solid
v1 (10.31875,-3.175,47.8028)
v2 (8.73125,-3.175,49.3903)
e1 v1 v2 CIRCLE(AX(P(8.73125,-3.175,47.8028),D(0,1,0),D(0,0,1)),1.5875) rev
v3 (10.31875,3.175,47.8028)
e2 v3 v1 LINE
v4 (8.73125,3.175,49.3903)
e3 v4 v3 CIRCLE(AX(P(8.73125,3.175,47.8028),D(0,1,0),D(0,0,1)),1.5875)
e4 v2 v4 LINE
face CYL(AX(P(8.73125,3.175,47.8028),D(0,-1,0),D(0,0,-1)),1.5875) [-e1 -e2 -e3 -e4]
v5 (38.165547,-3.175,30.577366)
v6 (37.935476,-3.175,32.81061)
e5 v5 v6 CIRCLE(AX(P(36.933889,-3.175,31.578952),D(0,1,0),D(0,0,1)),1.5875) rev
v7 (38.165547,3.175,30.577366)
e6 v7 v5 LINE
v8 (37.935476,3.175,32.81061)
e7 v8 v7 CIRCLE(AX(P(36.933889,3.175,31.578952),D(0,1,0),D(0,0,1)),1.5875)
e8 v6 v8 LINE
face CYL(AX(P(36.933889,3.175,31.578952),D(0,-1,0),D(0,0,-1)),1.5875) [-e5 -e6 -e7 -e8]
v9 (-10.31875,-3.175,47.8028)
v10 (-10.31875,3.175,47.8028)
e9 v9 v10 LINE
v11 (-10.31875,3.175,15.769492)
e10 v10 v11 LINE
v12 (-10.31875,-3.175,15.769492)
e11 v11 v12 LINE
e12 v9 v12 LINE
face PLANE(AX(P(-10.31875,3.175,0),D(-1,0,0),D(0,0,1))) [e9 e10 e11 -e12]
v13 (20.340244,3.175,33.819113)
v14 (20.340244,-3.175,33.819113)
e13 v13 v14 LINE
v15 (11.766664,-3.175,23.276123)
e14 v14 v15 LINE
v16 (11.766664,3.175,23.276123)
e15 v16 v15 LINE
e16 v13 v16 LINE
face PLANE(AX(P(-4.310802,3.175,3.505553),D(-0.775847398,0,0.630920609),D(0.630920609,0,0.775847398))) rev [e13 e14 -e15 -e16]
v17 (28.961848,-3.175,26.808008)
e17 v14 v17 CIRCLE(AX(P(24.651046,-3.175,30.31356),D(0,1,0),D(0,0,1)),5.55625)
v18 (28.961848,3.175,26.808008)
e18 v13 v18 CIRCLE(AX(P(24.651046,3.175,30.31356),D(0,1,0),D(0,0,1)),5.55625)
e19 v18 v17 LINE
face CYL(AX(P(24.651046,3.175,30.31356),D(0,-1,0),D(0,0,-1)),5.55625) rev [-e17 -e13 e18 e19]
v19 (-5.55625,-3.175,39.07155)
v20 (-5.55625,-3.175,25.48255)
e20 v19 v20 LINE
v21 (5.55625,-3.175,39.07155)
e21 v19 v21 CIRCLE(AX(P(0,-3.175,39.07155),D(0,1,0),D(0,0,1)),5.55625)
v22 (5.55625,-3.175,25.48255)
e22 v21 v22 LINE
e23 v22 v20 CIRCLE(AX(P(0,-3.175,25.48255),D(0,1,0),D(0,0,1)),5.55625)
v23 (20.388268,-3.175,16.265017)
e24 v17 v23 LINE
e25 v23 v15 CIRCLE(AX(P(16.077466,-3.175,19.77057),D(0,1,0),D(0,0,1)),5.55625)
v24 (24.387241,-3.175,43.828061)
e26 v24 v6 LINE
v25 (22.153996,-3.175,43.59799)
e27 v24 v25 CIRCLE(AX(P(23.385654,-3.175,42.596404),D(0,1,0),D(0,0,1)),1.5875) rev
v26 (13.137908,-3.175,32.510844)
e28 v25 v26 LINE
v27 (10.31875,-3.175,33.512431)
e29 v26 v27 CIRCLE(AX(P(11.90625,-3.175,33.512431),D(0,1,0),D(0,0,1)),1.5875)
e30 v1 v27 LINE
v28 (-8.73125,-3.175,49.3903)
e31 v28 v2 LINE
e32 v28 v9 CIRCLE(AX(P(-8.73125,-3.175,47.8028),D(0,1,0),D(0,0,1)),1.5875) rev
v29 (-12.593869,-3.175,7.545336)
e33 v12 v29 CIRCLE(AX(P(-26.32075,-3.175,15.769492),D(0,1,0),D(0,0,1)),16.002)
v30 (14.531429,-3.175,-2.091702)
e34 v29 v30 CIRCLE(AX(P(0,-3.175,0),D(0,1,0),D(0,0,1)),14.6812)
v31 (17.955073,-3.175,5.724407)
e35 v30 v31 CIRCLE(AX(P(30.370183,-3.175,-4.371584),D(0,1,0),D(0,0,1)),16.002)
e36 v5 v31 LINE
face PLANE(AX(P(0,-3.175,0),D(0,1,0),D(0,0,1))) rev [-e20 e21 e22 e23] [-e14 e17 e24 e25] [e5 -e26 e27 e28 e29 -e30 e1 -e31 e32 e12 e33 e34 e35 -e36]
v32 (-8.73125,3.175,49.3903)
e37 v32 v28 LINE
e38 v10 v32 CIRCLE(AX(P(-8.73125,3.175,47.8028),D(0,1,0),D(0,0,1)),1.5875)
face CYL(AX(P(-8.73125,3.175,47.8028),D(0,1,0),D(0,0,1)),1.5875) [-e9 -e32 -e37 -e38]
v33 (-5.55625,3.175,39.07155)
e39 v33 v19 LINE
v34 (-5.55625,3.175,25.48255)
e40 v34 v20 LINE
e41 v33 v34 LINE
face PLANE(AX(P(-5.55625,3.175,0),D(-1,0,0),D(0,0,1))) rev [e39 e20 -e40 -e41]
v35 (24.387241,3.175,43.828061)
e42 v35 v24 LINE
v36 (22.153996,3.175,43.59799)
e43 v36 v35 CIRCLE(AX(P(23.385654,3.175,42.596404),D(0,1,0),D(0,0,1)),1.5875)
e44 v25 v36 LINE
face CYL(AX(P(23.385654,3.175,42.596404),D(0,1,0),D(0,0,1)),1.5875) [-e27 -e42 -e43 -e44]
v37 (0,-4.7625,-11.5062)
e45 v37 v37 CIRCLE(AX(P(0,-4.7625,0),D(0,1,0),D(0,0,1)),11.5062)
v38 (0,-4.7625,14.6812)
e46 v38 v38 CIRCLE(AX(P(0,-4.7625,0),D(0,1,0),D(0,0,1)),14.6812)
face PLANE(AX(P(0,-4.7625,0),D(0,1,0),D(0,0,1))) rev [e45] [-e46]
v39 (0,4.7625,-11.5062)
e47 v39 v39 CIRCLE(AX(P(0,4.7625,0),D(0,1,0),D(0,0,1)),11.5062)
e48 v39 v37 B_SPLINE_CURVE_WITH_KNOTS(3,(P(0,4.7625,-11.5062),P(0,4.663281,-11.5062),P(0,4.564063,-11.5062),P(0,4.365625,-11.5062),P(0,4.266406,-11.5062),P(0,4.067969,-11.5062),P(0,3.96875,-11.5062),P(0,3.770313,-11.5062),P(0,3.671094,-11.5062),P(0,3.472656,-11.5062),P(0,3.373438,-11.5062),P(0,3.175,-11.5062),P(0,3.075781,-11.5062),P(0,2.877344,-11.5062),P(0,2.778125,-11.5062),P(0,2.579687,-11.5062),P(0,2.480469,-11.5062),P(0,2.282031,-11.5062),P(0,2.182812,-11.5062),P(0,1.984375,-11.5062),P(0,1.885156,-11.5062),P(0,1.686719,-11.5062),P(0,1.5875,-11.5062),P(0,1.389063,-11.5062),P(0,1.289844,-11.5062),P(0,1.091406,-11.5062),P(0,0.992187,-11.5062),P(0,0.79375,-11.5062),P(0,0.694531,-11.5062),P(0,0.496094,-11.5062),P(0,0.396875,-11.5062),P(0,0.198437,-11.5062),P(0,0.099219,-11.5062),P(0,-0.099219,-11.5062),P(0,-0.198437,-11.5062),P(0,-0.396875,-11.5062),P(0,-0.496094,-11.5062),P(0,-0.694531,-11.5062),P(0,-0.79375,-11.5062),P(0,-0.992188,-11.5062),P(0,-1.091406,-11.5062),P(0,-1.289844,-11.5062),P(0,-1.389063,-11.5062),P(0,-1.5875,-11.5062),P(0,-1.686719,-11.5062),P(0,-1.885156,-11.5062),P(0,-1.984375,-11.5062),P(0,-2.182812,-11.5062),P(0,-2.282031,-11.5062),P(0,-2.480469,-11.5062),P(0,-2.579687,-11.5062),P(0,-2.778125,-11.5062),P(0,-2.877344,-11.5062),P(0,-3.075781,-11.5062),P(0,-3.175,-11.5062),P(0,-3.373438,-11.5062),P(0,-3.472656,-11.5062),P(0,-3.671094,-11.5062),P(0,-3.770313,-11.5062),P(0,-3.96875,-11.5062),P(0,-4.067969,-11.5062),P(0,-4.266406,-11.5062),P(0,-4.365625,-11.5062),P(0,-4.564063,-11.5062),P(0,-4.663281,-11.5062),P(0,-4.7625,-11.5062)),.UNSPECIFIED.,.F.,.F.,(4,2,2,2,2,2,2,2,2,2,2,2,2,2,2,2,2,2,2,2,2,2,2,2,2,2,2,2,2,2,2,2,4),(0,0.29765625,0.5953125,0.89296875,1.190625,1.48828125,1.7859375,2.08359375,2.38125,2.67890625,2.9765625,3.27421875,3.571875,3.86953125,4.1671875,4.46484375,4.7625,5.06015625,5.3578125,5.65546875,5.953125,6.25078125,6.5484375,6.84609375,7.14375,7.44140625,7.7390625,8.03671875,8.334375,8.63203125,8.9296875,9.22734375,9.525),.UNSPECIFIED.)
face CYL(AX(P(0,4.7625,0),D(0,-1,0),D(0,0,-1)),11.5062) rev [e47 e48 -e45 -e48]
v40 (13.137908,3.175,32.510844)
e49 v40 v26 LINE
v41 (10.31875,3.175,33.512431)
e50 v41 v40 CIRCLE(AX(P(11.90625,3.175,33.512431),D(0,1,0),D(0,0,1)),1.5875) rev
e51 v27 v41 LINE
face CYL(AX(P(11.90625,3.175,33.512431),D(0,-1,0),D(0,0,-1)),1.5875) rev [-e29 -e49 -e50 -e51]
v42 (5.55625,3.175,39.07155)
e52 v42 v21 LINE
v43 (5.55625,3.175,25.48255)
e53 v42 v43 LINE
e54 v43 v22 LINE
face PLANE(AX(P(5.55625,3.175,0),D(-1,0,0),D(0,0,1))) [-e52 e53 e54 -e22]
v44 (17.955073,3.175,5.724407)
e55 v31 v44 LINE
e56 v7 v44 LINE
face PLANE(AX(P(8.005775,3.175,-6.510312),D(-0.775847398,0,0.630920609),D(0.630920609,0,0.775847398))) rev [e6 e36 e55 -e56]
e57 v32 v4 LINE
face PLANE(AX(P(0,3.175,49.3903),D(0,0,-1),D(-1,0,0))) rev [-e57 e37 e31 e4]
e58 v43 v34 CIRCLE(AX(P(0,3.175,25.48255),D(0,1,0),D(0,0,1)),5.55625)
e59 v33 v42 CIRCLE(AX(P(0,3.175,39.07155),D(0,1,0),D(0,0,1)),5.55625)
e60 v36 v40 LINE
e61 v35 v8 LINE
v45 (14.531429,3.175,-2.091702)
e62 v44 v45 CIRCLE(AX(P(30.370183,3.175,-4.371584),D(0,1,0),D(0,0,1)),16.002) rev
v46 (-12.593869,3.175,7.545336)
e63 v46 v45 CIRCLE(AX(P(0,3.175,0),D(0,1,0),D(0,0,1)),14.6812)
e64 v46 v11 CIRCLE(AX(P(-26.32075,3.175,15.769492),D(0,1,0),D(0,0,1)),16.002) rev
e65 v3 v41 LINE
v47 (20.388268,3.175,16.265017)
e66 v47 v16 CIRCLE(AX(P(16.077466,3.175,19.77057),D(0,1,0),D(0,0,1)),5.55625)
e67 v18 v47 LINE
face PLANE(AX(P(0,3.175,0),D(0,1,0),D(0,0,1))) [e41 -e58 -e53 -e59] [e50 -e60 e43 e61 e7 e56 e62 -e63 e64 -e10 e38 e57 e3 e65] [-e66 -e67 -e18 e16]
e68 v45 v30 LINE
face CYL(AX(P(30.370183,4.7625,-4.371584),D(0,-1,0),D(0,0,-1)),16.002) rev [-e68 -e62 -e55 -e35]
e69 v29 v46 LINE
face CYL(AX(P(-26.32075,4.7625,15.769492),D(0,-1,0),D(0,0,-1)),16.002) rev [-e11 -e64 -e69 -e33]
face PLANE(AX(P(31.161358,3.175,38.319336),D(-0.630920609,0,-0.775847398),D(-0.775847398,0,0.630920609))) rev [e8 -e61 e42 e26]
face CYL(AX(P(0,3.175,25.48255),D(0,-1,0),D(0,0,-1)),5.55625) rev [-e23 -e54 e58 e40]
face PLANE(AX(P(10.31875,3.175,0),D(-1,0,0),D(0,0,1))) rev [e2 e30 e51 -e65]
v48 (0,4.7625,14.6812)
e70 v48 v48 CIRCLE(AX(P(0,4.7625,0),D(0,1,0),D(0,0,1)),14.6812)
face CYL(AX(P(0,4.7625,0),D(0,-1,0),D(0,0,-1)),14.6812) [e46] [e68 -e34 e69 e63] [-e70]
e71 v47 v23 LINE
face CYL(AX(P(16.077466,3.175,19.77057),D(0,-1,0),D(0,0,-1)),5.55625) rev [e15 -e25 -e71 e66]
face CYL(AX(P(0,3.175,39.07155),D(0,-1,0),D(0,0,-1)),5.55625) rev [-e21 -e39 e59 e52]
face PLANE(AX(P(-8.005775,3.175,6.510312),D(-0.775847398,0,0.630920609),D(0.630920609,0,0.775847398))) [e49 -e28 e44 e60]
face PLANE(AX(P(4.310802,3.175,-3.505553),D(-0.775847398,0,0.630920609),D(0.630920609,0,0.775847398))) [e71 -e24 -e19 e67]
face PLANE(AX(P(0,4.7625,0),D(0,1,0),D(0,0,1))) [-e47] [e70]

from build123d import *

# Parameters (mm, degrees)
SKETCH1_R                      = 14.6812
SKETCH1_R_2                    = 11.5062
BEARING_INSERT_EXTRUDE_DEPTH   = 4.7625
APEX_SLOT_INSERT_EXTRUDE_DEPTH = 3.175
FILLET1_R                      = 16.002
FILLET2_R                      = 1.5875


with BuildPart() as part:
    # Sketch1 → Bearing_Insert_Extrude (new, symmetric)
    with BuildSketch(Plane(origin=(0, 0, 0), x_dir=(1, 0, 0), z_dir=(0, 1, 0))):
        with Locations(Location((0, 0, 0), (0, 0, 90))):
            Circle(SKETCH1_R)
        with Locations(Location((0, 0, 0), (0, 0, 90))):
            Circle(SKETCH1_R_2, mode=Mode.SUBTRACT)
    extrude(amount=BEARING_INSERT_EXTRUDE_DEPTH, both=True)

    # Sketch1<4> → Apex_Slot_Insert_Extrude (add, symmetric)
    with BuildSketch(Plane(origin=(0, 0, 0), x_dir=(1, 0, 0), z_dir=(0, 1, 0))):
        with BuildLine():
            Line((-10.31875, -10.443228997), (-10.31875, -49.3903))
            Line((-10.31875, -49.3903), (10.31875, -49.3903))
            Line((10.31875, -49.3903), (10.31875, -29.044106442))
            Line((10.31875, -29.044106442), (23.155582838, -44.829647769))
            Line((23.155582838, -44.829647769), (39.16713351, -31.809023692))
            Line((39.16713351, -31.809023692), (14.594623738, -1.592040003))
            ThreePointArc((14.594623738, -1.592040003), (4.914942594, -13.834051205), (-10.31875, -10.443228997))
        make_face()
        with BuildLine():
            ThreePointArc((5.55625, -39.07155), (0, -44.6278), (-5.55625, -39.07155))
            Line((-5.55625, -39.07155), (-5.55625, -25.48255))
            ThreePointArc((-5.55625, -25.48255), (0, -19.9263), (5.55625, -25.48255))
            Line((5.55625, -25.48255), (5.55625, -39.07155))
        make_face(mode=Mode.SUBTRACT)
        with BuildLine():
            ThreePointArc((28.96184824, -26.808007759), (28.156598772, -34.624362499), (20.340244032, -33.819113031))
            Line((20.340244032, -33.819113031), (11.766663871, -23.276122742))
            ThreePointArc((11.766663871, -23.276122742), (12.571913339, -15.459768002), (20.388268079, -16.26501747))
            Line((20.388268079, -16.26501747), (28.96184824, -26.808007759))
        make_face(mode=Mode.SUBTRACT)
    extrude(amount=APEX_SLOT_INSERT_EXTRUDE_DEPTH, both=True)

    # Fillet1
    fillet1_edges = [part.edges().sort_by_distance(p)[0] for p in [
        (14.594623738, 0, 1.592040003),
        (-10.31875, 0, 10.443228997),
    ]]
    fillet(fillet1_edges, radius=FILLET1_R)

    # Fillet2
    fillet2_edges = [part.edges().sort_by_distance(p)[0] for p in [
        (-10.31875, 0, 49.3903),
        (10.31875, 0, 49.3903),
        (10.31875, 0, 29.044106442),
        (23.155582838, 0, 44.829647769),
        (39.16713351, 0, 31.809023692),
    ]]
    fillet(fillet2_edges, radius=FILLET2_R)


solid = part.part
